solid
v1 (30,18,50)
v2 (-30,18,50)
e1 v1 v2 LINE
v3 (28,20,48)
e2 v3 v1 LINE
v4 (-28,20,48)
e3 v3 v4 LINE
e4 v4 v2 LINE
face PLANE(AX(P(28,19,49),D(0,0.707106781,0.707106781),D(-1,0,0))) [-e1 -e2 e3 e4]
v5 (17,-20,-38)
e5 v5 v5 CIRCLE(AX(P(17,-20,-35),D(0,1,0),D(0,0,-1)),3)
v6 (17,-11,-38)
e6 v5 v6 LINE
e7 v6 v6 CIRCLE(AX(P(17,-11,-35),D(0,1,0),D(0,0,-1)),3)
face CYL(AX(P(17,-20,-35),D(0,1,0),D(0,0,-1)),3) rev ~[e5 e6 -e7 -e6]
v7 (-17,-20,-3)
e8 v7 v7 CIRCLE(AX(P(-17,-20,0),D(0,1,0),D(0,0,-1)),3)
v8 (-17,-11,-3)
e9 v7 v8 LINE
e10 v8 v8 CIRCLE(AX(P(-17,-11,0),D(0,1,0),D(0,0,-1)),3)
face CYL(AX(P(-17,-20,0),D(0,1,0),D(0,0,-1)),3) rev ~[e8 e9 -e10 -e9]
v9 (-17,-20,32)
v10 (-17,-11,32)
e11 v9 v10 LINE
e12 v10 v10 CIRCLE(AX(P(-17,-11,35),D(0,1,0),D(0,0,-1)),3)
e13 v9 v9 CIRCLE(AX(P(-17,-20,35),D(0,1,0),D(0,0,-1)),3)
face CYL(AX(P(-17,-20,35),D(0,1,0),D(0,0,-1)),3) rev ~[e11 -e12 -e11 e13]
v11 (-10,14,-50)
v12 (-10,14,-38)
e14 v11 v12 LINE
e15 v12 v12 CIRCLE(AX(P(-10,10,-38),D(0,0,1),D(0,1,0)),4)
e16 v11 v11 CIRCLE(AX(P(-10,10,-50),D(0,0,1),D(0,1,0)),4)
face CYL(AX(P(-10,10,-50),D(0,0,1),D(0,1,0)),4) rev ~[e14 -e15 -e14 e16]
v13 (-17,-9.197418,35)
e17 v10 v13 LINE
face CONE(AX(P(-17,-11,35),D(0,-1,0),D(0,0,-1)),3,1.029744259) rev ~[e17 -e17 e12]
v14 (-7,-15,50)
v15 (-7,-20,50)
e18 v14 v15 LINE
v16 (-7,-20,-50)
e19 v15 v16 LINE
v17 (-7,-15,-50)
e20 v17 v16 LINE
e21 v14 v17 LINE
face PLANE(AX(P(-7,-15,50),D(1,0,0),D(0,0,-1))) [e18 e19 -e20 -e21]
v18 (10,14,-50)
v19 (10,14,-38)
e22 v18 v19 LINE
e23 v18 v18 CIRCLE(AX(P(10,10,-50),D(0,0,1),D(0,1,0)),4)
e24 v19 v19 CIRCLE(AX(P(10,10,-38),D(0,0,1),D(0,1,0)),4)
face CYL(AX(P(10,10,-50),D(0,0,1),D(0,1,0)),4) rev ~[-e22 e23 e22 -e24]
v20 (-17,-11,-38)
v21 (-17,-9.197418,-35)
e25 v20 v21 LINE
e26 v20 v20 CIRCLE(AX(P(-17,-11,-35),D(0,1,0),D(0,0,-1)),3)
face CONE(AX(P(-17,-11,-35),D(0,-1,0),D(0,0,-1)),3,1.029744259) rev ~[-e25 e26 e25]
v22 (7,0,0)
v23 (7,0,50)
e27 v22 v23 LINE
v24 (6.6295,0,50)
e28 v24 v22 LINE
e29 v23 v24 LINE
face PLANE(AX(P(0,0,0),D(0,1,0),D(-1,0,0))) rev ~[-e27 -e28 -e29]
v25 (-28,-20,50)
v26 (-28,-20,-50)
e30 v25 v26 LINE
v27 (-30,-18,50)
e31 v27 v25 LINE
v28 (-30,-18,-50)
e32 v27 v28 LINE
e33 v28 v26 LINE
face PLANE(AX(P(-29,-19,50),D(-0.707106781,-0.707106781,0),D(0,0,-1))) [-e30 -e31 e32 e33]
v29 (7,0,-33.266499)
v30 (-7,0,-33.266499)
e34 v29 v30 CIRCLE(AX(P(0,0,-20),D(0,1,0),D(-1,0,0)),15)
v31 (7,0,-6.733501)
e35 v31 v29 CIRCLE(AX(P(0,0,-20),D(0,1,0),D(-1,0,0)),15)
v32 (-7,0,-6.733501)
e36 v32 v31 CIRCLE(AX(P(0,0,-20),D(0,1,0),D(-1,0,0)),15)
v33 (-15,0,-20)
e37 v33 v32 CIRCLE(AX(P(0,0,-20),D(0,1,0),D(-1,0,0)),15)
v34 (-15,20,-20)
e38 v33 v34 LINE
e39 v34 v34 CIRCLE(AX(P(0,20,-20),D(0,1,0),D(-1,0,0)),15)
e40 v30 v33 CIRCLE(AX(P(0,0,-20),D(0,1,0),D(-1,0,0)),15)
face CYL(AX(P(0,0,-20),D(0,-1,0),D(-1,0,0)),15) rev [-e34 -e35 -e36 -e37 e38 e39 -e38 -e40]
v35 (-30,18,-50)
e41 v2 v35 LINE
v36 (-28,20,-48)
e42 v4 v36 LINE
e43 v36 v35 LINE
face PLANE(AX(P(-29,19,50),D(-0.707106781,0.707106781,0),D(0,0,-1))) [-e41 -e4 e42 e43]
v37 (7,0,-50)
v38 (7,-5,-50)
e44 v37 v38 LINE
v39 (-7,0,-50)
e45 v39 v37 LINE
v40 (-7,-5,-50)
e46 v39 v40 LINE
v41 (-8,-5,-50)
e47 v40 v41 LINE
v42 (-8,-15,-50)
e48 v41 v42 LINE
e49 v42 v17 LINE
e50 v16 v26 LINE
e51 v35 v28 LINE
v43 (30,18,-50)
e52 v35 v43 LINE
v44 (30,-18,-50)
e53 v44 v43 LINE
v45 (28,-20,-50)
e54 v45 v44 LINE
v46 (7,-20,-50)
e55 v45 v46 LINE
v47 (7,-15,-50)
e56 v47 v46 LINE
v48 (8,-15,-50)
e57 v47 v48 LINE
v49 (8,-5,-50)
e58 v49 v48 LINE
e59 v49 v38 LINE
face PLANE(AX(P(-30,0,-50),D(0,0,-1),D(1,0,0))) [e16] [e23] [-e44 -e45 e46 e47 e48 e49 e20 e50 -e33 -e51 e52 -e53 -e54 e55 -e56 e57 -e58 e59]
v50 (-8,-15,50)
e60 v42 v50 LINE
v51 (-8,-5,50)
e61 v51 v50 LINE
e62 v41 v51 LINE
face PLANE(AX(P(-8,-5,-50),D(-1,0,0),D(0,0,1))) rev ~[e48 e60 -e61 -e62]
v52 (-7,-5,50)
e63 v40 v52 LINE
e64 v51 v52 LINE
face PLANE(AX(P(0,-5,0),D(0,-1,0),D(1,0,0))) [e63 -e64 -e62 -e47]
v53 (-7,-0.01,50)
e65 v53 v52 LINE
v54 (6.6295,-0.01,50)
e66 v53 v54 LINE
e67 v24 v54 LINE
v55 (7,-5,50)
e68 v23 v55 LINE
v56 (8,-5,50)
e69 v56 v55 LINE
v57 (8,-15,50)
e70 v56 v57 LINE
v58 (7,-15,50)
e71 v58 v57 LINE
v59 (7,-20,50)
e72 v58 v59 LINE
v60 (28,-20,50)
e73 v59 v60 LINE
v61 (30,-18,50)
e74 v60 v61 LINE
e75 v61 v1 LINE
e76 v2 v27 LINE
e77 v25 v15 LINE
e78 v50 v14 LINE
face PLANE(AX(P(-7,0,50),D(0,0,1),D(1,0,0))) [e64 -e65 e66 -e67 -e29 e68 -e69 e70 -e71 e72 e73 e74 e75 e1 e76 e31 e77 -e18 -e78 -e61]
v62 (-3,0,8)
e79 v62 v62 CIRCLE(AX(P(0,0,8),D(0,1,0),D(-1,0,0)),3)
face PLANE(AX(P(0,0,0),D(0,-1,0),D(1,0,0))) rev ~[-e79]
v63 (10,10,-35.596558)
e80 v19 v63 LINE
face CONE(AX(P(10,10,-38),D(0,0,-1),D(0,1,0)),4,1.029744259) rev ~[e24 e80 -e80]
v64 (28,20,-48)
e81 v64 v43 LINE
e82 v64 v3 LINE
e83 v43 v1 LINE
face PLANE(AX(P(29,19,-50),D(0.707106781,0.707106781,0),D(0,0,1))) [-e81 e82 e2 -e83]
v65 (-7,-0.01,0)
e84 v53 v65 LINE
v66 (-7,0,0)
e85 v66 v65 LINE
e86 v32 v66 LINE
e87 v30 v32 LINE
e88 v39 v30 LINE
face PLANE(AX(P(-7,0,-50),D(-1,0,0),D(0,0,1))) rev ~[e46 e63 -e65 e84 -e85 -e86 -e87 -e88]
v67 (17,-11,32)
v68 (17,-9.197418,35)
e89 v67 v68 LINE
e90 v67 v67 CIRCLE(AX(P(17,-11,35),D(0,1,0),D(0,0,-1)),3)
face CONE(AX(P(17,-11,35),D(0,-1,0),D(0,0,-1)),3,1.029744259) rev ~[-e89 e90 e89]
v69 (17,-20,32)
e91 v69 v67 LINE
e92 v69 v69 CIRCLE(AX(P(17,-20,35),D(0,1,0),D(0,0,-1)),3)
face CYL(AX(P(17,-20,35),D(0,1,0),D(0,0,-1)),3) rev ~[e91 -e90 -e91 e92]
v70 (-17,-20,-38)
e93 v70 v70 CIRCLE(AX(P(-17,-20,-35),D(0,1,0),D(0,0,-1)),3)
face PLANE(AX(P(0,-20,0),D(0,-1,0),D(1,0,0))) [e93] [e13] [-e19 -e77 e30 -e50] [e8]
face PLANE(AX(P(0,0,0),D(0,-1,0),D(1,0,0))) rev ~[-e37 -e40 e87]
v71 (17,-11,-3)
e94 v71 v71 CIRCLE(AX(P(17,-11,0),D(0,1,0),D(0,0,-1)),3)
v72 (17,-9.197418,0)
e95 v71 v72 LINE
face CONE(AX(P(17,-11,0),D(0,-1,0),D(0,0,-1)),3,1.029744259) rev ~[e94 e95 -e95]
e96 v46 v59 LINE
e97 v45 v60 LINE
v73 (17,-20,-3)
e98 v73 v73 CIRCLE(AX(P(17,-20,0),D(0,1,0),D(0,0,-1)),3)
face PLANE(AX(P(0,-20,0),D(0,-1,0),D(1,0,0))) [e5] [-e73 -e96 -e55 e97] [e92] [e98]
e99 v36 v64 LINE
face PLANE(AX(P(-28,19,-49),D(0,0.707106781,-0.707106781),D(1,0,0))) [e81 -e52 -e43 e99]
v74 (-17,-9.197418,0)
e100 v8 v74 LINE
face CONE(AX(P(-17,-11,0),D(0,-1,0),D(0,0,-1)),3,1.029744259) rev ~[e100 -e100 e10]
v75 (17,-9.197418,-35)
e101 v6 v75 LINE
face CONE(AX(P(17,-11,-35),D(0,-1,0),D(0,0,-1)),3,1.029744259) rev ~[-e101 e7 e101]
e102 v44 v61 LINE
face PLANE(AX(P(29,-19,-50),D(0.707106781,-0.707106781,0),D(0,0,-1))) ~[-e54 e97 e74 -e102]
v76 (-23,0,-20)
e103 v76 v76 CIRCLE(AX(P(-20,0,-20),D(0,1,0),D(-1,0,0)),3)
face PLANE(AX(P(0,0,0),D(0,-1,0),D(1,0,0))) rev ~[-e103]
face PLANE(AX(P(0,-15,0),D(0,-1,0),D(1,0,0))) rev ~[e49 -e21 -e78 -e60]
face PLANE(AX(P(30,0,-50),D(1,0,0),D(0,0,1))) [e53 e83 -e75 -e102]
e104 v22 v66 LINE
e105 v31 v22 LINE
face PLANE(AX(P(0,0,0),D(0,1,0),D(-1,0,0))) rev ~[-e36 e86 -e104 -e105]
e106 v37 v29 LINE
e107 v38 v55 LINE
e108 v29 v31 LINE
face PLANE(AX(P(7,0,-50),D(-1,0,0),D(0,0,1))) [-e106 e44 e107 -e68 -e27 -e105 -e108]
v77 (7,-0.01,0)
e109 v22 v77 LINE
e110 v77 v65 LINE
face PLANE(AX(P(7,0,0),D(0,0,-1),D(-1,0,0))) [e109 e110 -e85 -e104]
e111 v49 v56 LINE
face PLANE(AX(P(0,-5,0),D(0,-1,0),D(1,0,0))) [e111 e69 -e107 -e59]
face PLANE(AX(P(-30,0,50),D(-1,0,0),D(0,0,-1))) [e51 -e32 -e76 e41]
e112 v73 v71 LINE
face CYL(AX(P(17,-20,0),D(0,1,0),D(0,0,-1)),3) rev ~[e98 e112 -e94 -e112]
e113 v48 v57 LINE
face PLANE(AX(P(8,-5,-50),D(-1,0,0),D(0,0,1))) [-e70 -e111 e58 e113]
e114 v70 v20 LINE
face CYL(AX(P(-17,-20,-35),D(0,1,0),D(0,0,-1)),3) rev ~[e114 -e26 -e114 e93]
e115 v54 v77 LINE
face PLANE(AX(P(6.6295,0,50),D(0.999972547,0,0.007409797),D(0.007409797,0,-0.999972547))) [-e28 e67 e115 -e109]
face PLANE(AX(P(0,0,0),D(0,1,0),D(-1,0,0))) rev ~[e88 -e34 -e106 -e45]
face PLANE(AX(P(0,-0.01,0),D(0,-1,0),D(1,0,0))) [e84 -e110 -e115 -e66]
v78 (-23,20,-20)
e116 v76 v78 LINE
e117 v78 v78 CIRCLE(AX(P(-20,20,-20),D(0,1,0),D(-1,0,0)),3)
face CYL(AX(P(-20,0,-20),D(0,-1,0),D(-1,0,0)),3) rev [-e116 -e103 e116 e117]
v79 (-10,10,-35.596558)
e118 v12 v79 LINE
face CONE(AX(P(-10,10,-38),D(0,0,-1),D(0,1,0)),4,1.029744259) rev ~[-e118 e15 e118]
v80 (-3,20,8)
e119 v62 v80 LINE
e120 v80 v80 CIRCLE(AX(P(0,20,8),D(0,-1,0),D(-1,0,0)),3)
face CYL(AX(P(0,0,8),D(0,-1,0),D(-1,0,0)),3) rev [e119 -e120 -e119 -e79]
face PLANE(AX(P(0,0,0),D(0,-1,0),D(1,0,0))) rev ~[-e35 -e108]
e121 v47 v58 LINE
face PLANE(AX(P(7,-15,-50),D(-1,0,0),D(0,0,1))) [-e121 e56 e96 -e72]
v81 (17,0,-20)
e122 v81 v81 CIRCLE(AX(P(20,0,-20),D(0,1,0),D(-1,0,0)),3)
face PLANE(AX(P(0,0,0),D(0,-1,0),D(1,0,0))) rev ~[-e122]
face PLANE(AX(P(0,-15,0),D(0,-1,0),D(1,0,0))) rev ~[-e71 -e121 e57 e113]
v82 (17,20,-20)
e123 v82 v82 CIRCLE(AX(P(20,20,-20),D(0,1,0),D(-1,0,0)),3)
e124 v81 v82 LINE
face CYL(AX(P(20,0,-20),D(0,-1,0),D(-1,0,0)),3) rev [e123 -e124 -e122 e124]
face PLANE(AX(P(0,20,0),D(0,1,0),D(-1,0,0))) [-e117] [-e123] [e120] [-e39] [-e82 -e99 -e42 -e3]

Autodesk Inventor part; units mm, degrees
ref_plane "YZ Plane" through (0, 0, 0) normal (1, 0, 0) x (0, 1, 0)
ref_plane "XZ Plane" through (0, 0, 0) normal (0, 1, 0) x (-1, 0, 0)
ref_plane "XY Plane" through (0, 0, 0) normal (0, 0, 1) x (1, 0, 0)
sketch "Sketch1" plane through (0, 0, 0) normal (0, 1, 0) x (-1, 0, 0)
  line L0 (-30, 50) -> (30, 50)
  line L1 (30, 50) -> (30, -50)
  line L2 (30, -50) -> (-30, -50)
  line L3 (-30, -50) -> (-30, 50)
  line L4 (-30, 50) -> (30, -50) construction
  line L5 (30, 50) -> (-30, -50) construction
  circle A0 centre (0, 8) radius 3
  circle A1 centre (20, -20) radius 3
  circle A2 centre (-20, -20) radius 3
  circle A3 centre (0, -20) radius 15
  point P0 (0, 0)
  dimension "d0" = 60
  dimension "d1" = 100
  dimension "d2" = 6
  dimension "d3" = 6
  dimension "d5" = 58
  dimension "d6" = 10
  dimension "d8" = 30
  dimension "d9" = 6
  dimension "d10" = 10
  dimension "d11" = 30
  dimension "d12" = 30
extrude "Extrusion1" add sketch "Sketch1" along normal blind 20
sketch "Sketch2" plane through (0, 0, 0) normal (0, -1, 0) x (1, 0, 0)
  line L0 (30, -50) -> (-30, -50) projected
  line L1 (7, -50) -> (7, 50)
  line L2 (-7, -50) -> (-7, 50)
  line L3 (30, 50) -> (30, -50) projected
  line L4 (-30, -50) -> (-30, 50) projected
  line L5 (7, -50) -> (30, -50)
  line L6 (30, 50) -> (30, -50) projected
  line L7 (30, 50) -> (7, 50)
  line L8 (-30, 50) -> (30, 50) projected
  line L9 (-7, -50) -> (-30, -50)
  line L10 (-30, -50) -> (-30, 50) projected
  line L11 (-30, 50) -> (-7, 50)
  point P0 (0, 0)
  dimension "d15" = 23
  dimension "d16" = 23
extrude "Extrusion2" add sketch "Sketch2" along normal blind 5 contours L0 L1 L7 L3 | L0 L4 L8 L2
sketch "Sketch3" plane through (0, -5, 0) normal (0, -1, 0) x (1, 0, 0)
  line L0 (30, -50) -> (-30, -50) projected
  line L1 (8, -50) -> (8, 50)
  line L2 (-30, 50) -> (30, 50) projected
  line L3 (-8, -50) -> (-8, 50)
  line L4 (30, -50) -> (30, 50) projected
  line L5 (-30, 50) -> (-30, -50) projected
  line L6 (8, -50) -> (30, -50)
  line L7 (30, 50) -> (30, -50) projected
  line L8 (30, 50) -> (8, 50)
  line L9 (-8, 50) -> (-30, 50)
  line L10 (-30, -50) -> (-8, -50)
  point P0 (0, 0)
  dimension "d19" = 22
  dimension "d20" = 22
extrude "Extrusion3" add sketch "Sketch3" along normal blind 10 contours L0 L1 L2 L4 | L0 L5 L2 L3
sketch "Sketch4" plane through (0, -15, 0) normal (0, -1, 0) x (1, 0, 0)
  line L0 (8, -50) -> (30, -50) projected
  line L1 (7, -50) -> (7, 50)
  line L2 (-30, 50) -> (30, 50) projected
  line L3 (-30, -50) -> (-8, -50) projected
  line L4 (30, -50) -> (30, 50) projected
  line L5 (-30, 50) -> (-30, -50) projected
  line L6 (7, -50) -> (30, -50)
  line L7 (30, 50) -> (30, -50) projected
  line L8 (30, 50) -> (7, 50)
  line L9 (-30, -50) -> (-30, 50) projected
  line L10 (-30, -50) -> (-30, 50)
  line L11 (-30, -50) -> (-7, -50)
  line L12 (-30, 50) -> (-7, 50)
  line L13 (-7, 50) -> (-7, -50)
  point P0 (0, 0)
  dimension "d23" = 23
  dimension "d25" = 23
  dimension "d26" = 100
extrude "Extrusion4" add sketch "Sketch4" along normal blind 5
sketch "Sketch5" plane through (0, -20, 0) normal (0, -1, 0) x (1, 0, 0)
  circle A0 centre (17, -35) radius 3
  circle A1 centre (17, 0) radius 3
  circle A2 centre (17, 35) radius 3
  circle A3 centre (-17, 35) radius 3
  circle A4 centre (-17, 0) radius 3
  circle A5 centre (-17, -35) radius 3
  line L0 (-7, 50) -> (-30, 50) projected
  line L1 (-30, 50) -> (-30, -50) projected
  line L2 (30, -50) -> (30, 50) projected
  point P0 (0, 0)
  dimension "d29" = 6
  dimension "d30" = 6
  dimension "d31" = 6
  dimension "d32" = 6
  dimension "d33" = 6
  dimension "d34" = 6
  dimension "d35" = 15
  dimension "d36" = 35
  dimension "d37" = 70
  dimension "d38" = 13
  dimension "d39" = 13
hole "Hole1" at (17, -20, -35) at (17, -20, 0) at (17, -20, 35) at (-17, -20, 35) at (-17, -20, 0) at (-17, -20, -35) direction (0, 1, 0) diameter 6 depth 9 tip angle 118
chamfer "Chamfer1" distance 2 angle 45 1 edges at (30, -20, 0) measured on face at (26.6594, -20, 0.1205)
chamfer "Chamfer2" distance 2 angle 45 1 edges at (-30, -20, 0) measured on face at (-26.6594, -20, -0.1205)
chamfer "Chamfer3" distance 2 angle 45 1 edges at (30, 20, 0) measured on face at (0.1205, 20, 36.9927)
chamfer "Chamfer4" distance 2 angle 45 1 edges at (-30, 20, 0) measured on face at (-0.7872, 20, 36.9927)
chamfer "Chamfer5" distance 2 angle 45 1 edges at (0, 20, -50) measured on face at (-0.1205, 20, 36.9927)
chamfer "Chamfer6" distance 2 angle 45 1 edges at (0, 20, 50) measured on face at (0.1205, 20, 36.9927)
sketch "Sketch6" plane through (7, 0, -50) normal (0, 0, -1) x (-1, 0, 0)
  circle A0 centre (17, 10) radius 4
  circle A1 centre (-3, 10) radius 4
  line L0 (37, -18) -> (37, 18) projected
  line L1 (-23, 18) -> (-23, -18) projected
  line L2 (35, 20) -> (-21, 20) projected
  point P0 (7, 0)
  dimension "d65" = 8
  dimension "d66" = 8
  dimension "d67" = 20
  dimension "d68" = 20
  dimension "d69" = 10
hole "Hole2" at (10, 10, -50) at (-10, 10, -50) direction (0, 0, 1) diameter 8 depth 12 tip angle 118
sketch "Sketch7" plane through (0, 20, 0) normal (0, 1, 0) x (1, 0, 0)
  point P0 (0, 0)
sketch "Sketch8" plane through (0, 0, 0) normal (0, -1, 0) x (1, 0, 0)
  line L0 (6.6295, 50) -> (7, 0)
  line L1 (7, -6.7335) -> (7, 50) projected
  line L2 (-7, 50) -> (-7, -6.7335) projected
  line L3 (-7, 0) -> (-7, 50)
  line L4 (-7, 50) -> (6.6295, 50)
  line L5 (-7, 50) -> (7, 50) projected
  line L6 (7, 0) -> (-7, 0)
  point P0 (0, 0)
extrude "Extrusion5" add sketch "Sketch8" along normal blind 0.01 contours L0 L6 L2 L4
sketch "Sketch9" plane through (0, 20, 0) normal (0, 1, 0) x (1, 0, 0)
  circle A0 centre (0, -8) radius 3
  line L0 (30, 50) -> (-30, 50) projected
  point P0 (0, 0)
  dimension "d79" = 6
  dimension "d80" = 58
hole "Hole3" at (0, 20, 8) direction (0, -1, 0) diameter 6 depth 10 tip angle 118
properties part number "Schneidführung"
